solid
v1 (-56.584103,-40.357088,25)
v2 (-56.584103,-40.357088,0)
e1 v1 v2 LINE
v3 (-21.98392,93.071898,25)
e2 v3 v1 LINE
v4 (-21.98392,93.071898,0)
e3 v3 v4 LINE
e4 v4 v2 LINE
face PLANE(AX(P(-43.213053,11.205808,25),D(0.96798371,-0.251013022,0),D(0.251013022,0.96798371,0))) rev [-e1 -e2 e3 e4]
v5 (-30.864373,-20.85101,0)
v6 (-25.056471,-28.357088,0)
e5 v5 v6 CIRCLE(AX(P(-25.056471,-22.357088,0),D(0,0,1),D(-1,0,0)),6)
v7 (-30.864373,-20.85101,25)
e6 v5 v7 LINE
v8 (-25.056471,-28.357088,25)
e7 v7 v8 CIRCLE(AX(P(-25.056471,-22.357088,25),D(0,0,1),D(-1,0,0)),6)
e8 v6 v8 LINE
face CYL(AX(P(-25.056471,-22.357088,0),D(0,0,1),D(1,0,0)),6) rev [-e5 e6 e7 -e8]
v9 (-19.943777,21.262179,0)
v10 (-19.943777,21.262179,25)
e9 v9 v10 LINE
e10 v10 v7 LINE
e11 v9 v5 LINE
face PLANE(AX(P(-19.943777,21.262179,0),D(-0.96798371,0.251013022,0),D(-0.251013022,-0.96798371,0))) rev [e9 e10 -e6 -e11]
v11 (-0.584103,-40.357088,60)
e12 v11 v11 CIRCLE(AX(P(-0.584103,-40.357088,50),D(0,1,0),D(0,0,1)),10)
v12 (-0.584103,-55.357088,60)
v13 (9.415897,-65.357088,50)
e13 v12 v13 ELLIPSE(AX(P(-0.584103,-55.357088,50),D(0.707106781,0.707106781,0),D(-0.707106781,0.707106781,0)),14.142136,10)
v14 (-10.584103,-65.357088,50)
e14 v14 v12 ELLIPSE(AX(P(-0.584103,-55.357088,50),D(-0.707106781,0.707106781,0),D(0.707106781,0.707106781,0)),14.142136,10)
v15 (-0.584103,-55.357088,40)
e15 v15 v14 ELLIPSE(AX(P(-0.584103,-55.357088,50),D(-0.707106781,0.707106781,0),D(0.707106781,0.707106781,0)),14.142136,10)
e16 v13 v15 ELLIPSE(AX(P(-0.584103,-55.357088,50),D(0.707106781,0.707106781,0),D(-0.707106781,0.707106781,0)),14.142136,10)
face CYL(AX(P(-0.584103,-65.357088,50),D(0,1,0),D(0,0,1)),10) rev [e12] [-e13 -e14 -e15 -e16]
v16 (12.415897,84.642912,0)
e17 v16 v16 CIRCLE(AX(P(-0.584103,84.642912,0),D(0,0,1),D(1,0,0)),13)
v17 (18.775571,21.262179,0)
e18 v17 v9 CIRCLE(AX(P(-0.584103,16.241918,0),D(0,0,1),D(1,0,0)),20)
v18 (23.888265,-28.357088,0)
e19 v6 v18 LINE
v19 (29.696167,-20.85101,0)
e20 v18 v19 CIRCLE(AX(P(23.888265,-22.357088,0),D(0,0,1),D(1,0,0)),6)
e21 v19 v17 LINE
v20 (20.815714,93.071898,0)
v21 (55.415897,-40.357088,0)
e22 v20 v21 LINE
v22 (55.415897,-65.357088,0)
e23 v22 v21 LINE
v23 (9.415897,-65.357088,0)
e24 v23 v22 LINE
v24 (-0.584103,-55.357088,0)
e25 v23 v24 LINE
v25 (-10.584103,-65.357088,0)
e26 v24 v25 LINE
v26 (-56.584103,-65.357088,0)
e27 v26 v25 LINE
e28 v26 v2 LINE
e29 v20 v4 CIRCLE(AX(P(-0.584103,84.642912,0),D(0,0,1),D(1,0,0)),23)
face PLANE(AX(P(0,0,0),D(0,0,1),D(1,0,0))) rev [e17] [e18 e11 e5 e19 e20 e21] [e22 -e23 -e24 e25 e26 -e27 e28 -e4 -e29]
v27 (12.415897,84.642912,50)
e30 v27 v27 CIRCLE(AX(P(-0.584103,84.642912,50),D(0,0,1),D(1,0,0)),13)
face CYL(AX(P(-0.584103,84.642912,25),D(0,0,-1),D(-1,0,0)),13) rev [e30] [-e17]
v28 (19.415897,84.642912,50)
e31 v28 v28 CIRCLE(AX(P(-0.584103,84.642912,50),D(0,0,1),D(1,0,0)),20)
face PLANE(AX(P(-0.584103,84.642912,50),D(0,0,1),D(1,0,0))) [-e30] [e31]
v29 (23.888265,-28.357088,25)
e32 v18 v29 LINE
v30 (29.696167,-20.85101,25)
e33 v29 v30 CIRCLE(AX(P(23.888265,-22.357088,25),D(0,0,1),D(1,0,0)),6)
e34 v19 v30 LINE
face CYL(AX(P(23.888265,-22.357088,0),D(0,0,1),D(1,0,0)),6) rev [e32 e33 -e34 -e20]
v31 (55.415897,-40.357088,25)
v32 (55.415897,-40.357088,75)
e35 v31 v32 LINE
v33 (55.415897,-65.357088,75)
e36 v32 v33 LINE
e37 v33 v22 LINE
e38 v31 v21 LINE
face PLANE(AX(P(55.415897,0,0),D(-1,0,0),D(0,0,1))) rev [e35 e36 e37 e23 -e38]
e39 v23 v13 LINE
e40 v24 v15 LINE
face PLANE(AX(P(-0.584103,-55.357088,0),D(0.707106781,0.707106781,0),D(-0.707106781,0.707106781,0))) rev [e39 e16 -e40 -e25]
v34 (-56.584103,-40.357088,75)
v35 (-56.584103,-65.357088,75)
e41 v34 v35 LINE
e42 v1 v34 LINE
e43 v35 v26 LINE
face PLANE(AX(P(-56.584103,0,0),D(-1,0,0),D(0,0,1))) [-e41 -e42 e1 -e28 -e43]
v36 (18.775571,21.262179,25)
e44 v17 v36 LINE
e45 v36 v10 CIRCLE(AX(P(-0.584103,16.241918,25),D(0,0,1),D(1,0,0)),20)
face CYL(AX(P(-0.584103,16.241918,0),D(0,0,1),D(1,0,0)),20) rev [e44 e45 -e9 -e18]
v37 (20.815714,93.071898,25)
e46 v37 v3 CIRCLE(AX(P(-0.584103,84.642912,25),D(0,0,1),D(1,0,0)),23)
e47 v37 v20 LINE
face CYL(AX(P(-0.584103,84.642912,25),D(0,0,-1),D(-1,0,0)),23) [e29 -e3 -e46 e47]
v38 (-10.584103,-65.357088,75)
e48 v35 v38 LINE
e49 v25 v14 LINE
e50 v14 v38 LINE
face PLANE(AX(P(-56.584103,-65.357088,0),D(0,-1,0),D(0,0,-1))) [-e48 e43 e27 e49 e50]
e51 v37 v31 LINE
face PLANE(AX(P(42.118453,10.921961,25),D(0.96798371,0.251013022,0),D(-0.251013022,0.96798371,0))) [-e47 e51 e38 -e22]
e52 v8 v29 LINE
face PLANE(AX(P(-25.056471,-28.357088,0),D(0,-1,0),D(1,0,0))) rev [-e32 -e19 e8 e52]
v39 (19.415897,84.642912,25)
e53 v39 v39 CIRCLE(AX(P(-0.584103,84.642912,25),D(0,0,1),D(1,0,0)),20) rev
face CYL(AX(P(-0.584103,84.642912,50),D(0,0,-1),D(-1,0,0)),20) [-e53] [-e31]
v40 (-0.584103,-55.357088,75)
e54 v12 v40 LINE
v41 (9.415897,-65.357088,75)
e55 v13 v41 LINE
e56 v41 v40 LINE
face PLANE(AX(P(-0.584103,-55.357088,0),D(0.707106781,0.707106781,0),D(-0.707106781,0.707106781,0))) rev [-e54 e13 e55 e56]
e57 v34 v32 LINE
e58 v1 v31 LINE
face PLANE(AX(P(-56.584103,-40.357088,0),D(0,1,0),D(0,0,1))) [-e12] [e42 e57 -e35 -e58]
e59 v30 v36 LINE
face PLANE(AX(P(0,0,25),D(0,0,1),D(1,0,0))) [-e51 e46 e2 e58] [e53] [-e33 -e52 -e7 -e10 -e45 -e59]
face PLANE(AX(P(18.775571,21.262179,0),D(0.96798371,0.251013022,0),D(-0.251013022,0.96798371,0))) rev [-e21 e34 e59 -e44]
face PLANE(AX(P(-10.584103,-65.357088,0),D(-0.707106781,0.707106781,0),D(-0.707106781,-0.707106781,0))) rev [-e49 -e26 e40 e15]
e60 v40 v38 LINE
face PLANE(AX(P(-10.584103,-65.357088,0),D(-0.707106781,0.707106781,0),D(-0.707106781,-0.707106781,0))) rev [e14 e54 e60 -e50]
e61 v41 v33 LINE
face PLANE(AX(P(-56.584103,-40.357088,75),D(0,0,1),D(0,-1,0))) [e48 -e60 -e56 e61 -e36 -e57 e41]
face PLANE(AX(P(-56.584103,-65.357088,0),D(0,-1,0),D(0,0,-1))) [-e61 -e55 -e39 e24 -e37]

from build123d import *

# Parameters (mm, degrees)
IZIM1_R                          = 20
IZIM1_R_2                        = 13
Y_KSEKLIK_EKSTR_ZYON1_DEPTH      = 25
IZIM2_W                          = 75
IZIM2_H                          = 25
Y_KSEKLIK_EKSTR_ZYON3_DEPTH      = 55.415897
Y_KSEKLIK_EKSTR_ZYON3_DEPTH_BACK = 56.584103
KES_EKSTR_ZYON1_DEPTH            = 76
IZIM5_R                          = 10
KES_EKSTR_ZYON2_DEPTH            = 26
KES_EKSTR_ZYON3_DEPTH            = 26
IZIM1_7_R                        = 20
IZIM1_7_R_2                      = 13
Y_KSEKLIK_EKSTR_ZYON6_DEPTH      = 50


with BuildPart() as part:
    # Çizim1 → Yükseklik-Ekstrüzyon1 (new body)
    with BuildSketch(Plane.XY):
        with BuildLine():
            Line((20.815714115, 93.071898447), (55.415896847, -40.357088497))
            Line((55.415896847, -40.357088497), (-56.584103153, -40.357088497))
            Line((-56.584103153, -40.357088497), (-21.983920421, 93.071898447))
            ThreePointArc((-21.983920421, 93.071898447), (-0.584103153, 107.642911503), (20.815714115, 93.071898447))
        make_face()
        with Locations((-0.584103153, 84.642911503)):
            Circle(IZIM1_R, mode=Mode.SUBTRACT)
        with Locations((-0.584103153, 84.642911503)):
            Circle(IZIM1_R)
        with Locations((-0.584103153, 84.642911503)):
            Circle(IZIM1_R_2, mode=Mode.SUBTRACT)
    extrude(amount=Y_KSEKLIK_EKSTR_ZYON1_DEPTH)

    # Çizim2 → Yükseklik-Ekstrüzyon3 (add, two sides)
    with BuildSketch(Plane(origin=(0, 0, 0), x_dir=(0, 0, -1), z_dir=(1, 0, 0))) as y_kseklik_ekstr_zyon3_sk:
        with Locations((-37.5, -52.857088497)):
            Rectangle(IZIM2_W, IZIM2_H)
    extrude(amount=Y_KSEKLIK_EKSTR_ZYON3_DEPTH)
    extrude(y_kseklik_ekstr_zyon3_sk.sketch, amount=-Y_KSEKLIK_EKSTR_ZYON3_DEPTH_BACK)

    # Çizim3 → Kes-Ekstrüzyon1 (cut, through all)
    with BuildSketch(Plane.XY.offset(75)):
        Polygon((-10.584103153, -65.357088497), (-0.584103153, -55.357088497), (9.415896847, -65.357088497), align=None)
    extrude(amount=-KES_EKSTR_ZYON1_DEPTH, mode=Mode.SUBTRACT)

    # Çizim5 → Kes-Ekstrüzyon2 (cut, through all)
    with BuildSketch(Plane(origin=(0, -40.357088497, 0), x_dir=(1, 0, 0), z_dir=(0, 1, 0))):
        with Locations((-0.584103153, -50)):
            Circle(IZIM5_R)
    extrude(amount=-KES_EKSTR_ZYON2_DEPTH, mode=Mode.SUBTRACT)

    # Çizim8 → Kes-Ekstrüzyon3 (cut, through all)
    with BuildSketch(Plane.XY.offset(25)):
        with BuildLine():
            Line((-19.943777352, 21.2621788), (-30.864373198, -20.851010365))
            ThreePointArc((-30.864373198, -20.851010365), (-29.801809113, -26.028840886), (-25.056470938, -28.357088497))
            Line((-25.056470938, -28.357088497), (23.888264632, -28.357088497))
            ThreePointArc((23.888264632, -28.357088497), (28.633602807, -26.028840886), (29.696166892, -20.851010365))
            Line((29.696166892, -20.851010365), (18.775571046, 21.2621788))
            ThreePointArc((18.775571046, 21.2621788), (-0.584103153, 36.241918358), (-19.943777352, 21.2621788))
        make_face()
    extrude(amount=-KES_EKSTR_ZYON3_DEPTH, mode=Mode.SUBTRACT)

    # Çizim1<7> → Yükseklik-Ekstrüzyon6 (add)
    with BuildSketch(Plane.XY):
        with Locations((-0.584103153, 84.642911503)):
            Circle(IZIM1_7_R)
        with Locations((-0.584103153, 84.642911503)):
            Circle(IZIM1_7_R_2, mode=Mode.SUBTRACT)
    extrude(amount=Y_KSEKLIK_EKSTR_ZYON6_DEPTH)


solid = part.part
